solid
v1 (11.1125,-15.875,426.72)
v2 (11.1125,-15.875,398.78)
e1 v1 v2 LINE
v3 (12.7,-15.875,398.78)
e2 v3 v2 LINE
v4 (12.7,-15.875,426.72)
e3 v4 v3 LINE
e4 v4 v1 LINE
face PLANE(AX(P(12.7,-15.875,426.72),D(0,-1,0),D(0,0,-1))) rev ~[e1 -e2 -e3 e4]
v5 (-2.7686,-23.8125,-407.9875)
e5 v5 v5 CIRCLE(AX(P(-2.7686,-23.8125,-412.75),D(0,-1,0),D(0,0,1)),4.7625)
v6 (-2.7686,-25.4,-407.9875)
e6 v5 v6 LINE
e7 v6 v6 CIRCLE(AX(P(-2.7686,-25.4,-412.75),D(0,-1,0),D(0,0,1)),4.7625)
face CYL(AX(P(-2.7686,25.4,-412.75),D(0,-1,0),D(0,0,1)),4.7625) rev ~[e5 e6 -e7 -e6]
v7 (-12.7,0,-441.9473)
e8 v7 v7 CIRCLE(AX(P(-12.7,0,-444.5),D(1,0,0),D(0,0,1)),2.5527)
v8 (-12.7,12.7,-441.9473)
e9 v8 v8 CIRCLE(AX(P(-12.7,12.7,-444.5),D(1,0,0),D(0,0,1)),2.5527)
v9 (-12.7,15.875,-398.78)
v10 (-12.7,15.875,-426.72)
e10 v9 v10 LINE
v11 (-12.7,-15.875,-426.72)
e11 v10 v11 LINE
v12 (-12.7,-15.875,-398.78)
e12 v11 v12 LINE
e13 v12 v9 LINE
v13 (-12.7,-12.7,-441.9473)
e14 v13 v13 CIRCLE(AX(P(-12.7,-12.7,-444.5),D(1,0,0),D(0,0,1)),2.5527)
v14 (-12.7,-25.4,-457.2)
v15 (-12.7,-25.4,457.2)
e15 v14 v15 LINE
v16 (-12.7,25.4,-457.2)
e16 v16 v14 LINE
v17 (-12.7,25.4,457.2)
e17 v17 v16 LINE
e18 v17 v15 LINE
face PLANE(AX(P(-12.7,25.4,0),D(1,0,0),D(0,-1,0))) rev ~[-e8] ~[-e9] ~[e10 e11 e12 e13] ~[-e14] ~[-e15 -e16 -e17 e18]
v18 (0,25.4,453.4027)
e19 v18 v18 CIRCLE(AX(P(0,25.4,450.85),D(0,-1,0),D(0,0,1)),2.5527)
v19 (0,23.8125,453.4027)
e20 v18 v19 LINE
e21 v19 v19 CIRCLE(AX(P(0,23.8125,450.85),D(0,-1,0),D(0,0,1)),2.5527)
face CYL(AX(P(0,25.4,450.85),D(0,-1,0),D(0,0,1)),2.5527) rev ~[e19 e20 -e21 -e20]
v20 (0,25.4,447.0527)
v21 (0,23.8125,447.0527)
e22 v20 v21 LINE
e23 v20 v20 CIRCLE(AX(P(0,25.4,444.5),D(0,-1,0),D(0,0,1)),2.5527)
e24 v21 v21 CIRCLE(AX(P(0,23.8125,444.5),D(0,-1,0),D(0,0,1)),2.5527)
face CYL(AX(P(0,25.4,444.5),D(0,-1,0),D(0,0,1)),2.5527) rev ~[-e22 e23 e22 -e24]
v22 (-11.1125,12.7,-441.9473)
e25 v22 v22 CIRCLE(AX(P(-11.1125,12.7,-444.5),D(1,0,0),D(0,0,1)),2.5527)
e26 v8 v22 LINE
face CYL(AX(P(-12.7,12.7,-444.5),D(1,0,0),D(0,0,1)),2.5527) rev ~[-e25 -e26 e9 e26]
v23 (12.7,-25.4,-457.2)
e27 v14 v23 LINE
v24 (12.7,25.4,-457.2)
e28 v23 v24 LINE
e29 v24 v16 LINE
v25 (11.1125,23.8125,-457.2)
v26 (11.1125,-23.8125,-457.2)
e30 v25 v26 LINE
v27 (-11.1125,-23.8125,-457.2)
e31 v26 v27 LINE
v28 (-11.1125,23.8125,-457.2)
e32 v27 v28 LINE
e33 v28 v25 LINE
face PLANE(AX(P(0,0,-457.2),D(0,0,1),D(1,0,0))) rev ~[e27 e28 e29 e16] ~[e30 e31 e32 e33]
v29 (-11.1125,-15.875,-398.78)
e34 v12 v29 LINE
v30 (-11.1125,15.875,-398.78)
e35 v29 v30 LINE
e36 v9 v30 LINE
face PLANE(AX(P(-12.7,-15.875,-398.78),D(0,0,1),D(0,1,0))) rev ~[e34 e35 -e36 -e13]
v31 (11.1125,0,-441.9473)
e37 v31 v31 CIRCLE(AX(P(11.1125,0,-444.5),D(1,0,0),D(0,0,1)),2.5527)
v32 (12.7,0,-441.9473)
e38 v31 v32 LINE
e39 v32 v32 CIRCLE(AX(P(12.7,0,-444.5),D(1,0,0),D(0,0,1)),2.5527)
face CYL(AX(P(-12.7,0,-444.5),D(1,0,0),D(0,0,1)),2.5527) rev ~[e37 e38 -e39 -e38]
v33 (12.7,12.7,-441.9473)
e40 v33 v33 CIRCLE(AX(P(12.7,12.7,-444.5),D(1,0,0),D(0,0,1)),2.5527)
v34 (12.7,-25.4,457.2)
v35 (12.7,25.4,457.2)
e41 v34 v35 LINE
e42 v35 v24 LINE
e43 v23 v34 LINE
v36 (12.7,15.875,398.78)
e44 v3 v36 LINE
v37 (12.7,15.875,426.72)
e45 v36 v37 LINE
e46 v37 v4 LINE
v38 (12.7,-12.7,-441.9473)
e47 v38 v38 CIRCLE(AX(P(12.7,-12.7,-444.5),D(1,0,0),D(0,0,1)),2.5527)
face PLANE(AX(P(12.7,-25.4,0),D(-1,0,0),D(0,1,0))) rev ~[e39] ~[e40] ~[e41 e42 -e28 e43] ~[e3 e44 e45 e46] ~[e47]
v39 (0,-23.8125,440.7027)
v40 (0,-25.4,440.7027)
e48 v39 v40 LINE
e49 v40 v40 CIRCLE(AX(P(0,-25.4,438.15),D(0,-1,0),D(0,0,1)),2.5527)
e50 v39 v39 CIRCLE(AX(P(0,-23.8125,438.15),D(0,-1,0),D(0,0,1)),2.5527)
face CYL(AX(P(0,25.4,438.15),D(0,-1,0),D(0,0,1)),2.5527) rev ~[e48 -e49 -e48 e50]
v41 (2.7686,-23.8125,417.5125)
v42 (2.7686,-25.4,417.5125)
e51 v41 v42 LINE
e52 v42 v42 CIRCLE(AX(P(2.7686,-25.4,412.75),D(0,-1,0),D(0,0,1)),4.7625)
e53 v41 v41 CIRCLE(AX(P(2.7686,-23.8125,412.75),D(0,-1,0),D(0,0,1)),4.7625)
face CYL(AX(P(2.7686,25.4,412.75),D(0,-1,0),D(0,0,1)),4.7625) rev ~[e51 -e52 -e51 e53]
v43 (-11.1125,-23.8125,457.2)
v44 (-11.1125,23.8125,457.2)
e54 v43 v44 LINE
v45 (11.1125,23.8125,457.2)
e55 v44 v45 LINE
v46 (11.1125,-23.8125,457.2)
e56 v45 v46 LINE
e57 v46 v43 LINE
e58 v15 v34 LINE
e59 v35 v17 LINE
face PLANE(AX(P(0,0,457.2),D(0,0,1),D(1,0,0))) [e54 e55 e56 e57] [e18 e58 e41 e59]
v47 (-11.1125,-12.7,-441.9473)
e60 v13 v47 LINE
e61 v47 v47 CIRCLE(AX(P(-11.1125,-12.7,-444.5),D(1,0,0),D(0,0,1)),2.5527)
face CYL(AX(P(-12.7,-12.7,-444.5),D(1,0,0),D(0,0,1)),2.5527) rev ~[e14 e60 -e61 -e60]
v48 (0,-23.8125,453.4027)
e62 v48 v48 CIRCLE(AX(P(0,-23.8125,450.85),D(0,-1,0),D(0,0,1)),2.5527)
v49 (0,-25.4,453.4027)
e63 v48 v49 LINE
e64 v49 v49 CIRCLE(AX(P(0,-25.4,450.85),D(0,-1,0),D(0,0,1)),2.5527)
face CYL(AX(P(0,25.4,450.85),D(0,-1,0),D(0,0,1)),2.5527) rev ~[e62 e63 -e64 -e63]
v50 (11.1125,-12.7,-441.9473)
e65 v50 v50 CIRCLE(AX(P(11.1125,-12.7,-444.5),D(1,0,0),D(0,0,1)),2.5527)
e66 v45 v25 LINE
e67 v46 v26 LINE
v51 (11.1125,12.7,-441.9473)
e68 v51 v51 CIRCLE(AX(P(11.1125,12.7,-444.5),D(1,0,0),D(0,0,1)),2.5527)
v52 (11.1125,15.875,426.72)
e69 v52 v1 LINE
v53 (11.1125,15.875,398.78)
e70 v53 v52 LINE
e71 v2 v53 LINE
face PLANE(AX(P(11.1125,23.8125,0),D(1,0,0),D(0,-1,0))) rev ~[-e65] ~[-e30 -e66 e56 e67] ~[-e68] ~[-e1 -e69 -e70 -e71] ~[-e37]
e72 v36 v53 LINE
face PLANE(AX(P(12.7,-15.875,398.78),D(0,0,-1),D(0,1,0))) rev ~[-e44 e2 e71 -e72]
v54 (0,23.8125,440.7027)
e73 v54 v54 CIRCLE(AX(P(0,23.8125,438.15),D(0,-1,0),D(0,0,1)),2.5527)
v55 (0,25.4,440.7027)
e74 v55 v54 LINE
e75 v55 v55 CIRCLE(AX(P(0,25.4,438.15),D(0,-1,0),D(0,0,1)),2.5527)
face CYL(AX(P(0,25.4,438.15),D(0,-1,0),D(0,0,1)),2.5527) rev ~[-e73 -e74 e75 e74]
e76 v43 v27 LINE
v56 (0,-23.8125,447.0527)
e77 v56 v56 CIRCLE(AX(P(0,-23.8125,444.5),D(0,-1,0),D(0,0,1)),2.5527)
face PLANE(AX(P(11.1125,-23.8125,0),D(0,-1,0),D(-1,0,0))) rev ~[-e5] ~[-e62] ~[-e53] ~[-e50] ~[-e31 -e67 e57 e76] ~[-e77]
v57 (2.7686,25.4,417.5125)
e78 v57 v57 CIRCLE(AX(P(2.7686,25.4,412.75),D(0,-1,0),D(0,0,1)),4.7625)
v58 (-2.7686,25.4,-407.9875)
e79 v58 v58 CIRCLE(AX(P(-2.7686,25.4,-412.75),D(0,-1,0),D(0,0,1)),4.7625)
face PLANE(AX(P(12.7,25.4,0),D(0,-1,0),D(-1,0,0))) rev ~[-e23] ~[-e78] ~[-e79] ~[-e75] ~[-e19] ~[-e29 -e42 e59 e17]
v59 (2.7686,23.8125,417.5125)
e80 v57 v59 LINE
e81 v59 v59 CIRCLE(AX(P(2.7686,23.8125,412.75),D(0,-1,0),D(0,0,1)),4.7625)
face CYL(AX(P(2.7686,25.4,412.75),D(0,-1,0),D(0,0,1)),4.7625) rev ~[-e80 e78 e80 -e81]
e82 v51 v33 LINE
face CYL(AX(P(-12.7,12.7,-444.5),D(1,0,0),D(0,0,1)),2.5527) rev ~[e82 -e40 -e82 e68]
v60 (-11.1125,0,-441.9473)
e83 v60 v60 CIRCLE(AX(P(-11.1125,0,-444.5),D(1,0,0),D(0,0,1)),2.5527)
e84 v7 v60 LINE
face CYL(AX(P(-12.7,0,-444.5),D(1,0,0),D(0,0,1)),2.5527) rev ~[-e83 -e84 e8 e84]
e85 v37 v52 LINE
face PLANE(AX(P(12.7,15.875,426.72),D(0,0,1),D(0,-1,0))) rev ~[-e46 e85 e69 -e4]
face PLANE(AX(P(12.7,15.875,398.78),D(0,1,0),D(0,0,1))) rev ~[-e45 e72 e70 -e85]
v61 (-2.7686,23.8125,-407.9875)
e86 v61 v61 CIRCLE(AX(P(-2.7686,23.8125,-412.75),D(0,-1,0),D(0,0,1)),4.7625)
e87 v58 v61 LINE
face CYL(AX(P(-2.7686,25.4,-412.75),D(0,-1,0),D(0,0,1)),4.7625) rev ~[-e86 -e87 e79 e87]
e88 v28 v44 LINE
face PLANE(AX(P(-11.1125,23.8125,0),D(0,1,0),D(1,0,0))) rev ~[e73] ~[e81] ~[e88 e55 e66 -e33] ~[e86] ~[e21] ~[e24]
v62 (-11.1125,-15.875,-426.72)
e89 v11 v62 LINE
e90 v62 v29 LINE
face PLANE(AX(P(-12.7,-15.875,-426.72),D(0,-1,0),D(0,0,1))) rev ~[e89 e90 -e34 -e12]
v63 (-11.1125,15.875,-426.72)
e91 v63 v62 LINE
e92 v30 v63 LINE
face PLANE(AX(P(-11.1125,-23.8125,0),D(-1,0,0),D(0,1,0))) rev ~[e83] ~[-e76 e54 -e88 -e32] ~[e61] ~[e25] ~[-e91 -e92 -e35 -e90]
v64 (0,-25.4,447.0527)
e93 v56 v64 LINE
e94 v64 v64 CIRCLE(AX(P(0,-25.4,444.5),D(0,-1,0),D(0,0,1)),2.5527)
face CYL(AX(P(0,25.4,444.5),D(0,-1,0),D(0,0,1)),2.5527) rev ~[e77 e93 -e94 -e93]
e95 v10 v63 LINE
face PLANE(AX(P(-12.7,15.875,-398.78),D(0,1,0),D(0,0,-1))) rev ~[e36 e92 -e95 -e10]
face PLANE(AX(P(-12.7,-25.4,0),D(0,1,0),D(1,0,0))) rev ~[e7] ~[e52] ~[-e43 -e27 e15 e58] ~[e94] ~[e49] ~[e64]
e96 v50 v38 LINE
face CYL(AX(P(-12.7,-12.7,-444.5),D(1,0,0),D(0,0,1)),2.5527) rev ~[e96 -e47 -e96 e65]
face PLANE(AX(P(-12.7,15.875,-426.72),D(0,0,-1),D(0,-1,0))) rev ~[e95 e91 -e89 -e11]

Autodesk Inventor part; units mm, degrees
ref_plane "YZ Plane" through (0, 0, 0) normal (1, 0, 0) x (0, 1, 0)
ref_plane "XZ Plane" through (0, 0, 0) normal (0, 1, 0) x (-1, 0, 0)
ref_plane "XY Plane" through (0, 0, 0) normal (0, 0, 1) x (1, 0, 0)
sketch "Sketch1" plane through (0, 0, 0) normal (0, 0, 1) x (1, 0, 0)
  line L0 (-12.7, -25.4) -> (12.7, -25.4)
  line L1 (12.7, -25.4) -> (12.7, 25.4)
  line L2 (12.7, 25.4) -> (-12.7, 25.4)
  line L3 (-12.7, 25.4) -> (-12.7, -25.4)
  line L4 (-12.7, -25.4) -> (12.7, 25.4) construction
  line L5 (12.7, -25.4) -> (-12.7, 25.4) construction
  line L6 (-11.1125, 23.8125) -> (11.1125, 23.8125)
  line L7 (11.1125, 23.8125) -> (11.1125, -23.8125)
  line L8 (11.1125, -23.8125) -> (-11.1125, -23.8125)
  line L9 (-11.1125, -23.8125) -> (-11.1125, 23.8125)
  point P0 (0, 0)
  dimension "width" = 25.4
  dimension "height" = 50.8
  dimension "thickness" = 1.5875
extrude "Extrusion1" add sketch "Sketch1" along normal mid plane 914.4
sketch "Sketch2" plane through (-12.7, 25.4, 457.2) normal (0, 1, 0) x (1, 0, 0)
  line L0 (25.4, 0) -> (0, 0) projected
  line L1 (0, 914.4) -> (0, 0) projected
  point P0 (12.7, 457.2)
  point P1 (12.7, 6.35)
  point P2 (12.7, 12.7)
  point P3 (12.7, 19.05)
  point P4 (12.7, 0)
  point P5 (12.7, 0)
  dimension "d5" = 6.35
  dimension "d6" = 6.35
  dimension "d7" = 6.35
hole "Hole1" at (0, 25.4, 450.85) at (0, 25.4, 444.5) at (0, 25.4, 438.15) direction (0, -1, 0) diameter 5.1054 end through all clearance for "Flat Head Machine Screw (82)" size "#10" standard "Ansi Unified Screw Threads"
sketch "Sketch3" plane through (-12.7, -25.4, 457.2) normal (-1, 0, 0) x (0, 0, 1)
  line L0 (-914.4, 0) -> (-914.4, 50.8) projected
  point P0 (-457.2, 25.4)
  point P1 (-901.7, 38.1)
  point P2 (-901.7, 25.4)
  point P3 (-901.7, 12.7)
  point P4 (-914.4, 25.4)
  dimension "d15" = 12.7
  dimension "d16" = 12.7
  dimension "d17" = 12.7
hole "Hole2" at (-12.7, 12.7, -444.5) at (-12.7, 0, -444.5) at (-12.7, -12.7, -444.5) direction (1, 0, 0) diameter 5.1054 end through all clearance for "Flat Head Machine Screw (82)" size "#10" standard "Ansi Unified Screw Threads"
sketch "Sketch4" plane through (-12.7, 25.4, 457.2) normal (0, 1, 0) x (1, 0, 0)
  circle A0 centre (12.7, 19.05) radius 2.5527 projected
  line L0 (25.4, 914.4) -> (25.4, 0) projected
  point P0 (12.7, 457.2)
  point P1 (15.4686, 44.45)
  dimension "d34" = 9.9314
  dimension "d55" = 25.4
hole "Hole3" at (2.7686, 25.4, 412.75) direction (0, -1, 0) diameter 9.525 end through all
sketch "Sketch5" plane through (-12.7, 25.4, 457.2) normal (0, 1, 0) x (1, 0, 0)
  line L0 (0, 914.4) -> (25.4, 914.4) projected
  line L1 (0, 914.4) -> (0, 0) projected
  point P0 (12.7, 457.2)
  point P1 (9.9314, 869.95)
  point P2 (12.7, 914.4)
  dimension "d35" = 44.45
  dimension "d36" = 9.9314
hole "Hole4" at (-2.7686, 25.4, -412.75) direction (0, -1, 0) diameter 9.525 end through all
sketch "Sketch6" plane through (12.7, -25.4, 457.2) normal (1, 0, 0) x (0, 0, -1)
  line L0 (58.42, 41.275) -> (30.48, 41.275)
  line L1 (30.48, 41.275) -> (30.48, 9.525)
  line L2 (30.48, 9.525) -> (58.42, 9.525)
  line L3 (58.42, 9.525) -> (58.42, 41.275)
  line L4 (58.42, 41.275) -> (30.48, 9.525) construction
  line L5 (30.48, 41.275) -> (58.42, 9.525) construction
  line L6 (0, 0) -> (0, 50.8) projected
  line L7 (914.4, 50.8) -> (0, 50.8) projected
  point P0 (457.2, 25.4)
  point P1 (44.45, 25.4)
  point P2 (0, 25.4)
  dimension "d44" = 30.48
  dimension "d45" = 27.94
  dimension "d47" = 31.75
extrude "Extrusion2" cut sketch "Sketch6" against normal blind 1.5875
sketch "Sketch7" plane through (-12.7, -25.4, 457.2) normal (-1, 0, 0) x (0, 0, 1)
  line L0 (-883.92, 9.525) -> (-855.98, 9.525)
  line L1 (-855.98, 9.525) -> (-855.98, 41.275)
  line L2 (-855.98, 41.275) -> (-883.92, 41.275)
  line L3 (-883.92, 41.275) -> (-883.92, 9.525)
  line L4 (-883.92, 9.525) -> (-855.98, 41.275) construction
  line L5 (-855.98, 9.525) -> (-883.92, 41.275) construction
  line L6 (-914.4, 0) -> (-914.4, 50.8) projected
  point P0 (-457.2, 25.4)
  point P1 (-869.95, 25.4)
  point P2 (-914.4, 25.4)
  dimension "d50" = 30.48
  dimension "d51" = 31.75
  dimension "d52" = 27.94
extrude "Extrusion3" cut sketch "Sketch7" against normal blind 1.5875
equation "\"d6\" = d5"
equation "\"d7\" = d6"
equation "\"d17\" = d16"
properties part number "EL2-004" material "Aluminum 6061"
